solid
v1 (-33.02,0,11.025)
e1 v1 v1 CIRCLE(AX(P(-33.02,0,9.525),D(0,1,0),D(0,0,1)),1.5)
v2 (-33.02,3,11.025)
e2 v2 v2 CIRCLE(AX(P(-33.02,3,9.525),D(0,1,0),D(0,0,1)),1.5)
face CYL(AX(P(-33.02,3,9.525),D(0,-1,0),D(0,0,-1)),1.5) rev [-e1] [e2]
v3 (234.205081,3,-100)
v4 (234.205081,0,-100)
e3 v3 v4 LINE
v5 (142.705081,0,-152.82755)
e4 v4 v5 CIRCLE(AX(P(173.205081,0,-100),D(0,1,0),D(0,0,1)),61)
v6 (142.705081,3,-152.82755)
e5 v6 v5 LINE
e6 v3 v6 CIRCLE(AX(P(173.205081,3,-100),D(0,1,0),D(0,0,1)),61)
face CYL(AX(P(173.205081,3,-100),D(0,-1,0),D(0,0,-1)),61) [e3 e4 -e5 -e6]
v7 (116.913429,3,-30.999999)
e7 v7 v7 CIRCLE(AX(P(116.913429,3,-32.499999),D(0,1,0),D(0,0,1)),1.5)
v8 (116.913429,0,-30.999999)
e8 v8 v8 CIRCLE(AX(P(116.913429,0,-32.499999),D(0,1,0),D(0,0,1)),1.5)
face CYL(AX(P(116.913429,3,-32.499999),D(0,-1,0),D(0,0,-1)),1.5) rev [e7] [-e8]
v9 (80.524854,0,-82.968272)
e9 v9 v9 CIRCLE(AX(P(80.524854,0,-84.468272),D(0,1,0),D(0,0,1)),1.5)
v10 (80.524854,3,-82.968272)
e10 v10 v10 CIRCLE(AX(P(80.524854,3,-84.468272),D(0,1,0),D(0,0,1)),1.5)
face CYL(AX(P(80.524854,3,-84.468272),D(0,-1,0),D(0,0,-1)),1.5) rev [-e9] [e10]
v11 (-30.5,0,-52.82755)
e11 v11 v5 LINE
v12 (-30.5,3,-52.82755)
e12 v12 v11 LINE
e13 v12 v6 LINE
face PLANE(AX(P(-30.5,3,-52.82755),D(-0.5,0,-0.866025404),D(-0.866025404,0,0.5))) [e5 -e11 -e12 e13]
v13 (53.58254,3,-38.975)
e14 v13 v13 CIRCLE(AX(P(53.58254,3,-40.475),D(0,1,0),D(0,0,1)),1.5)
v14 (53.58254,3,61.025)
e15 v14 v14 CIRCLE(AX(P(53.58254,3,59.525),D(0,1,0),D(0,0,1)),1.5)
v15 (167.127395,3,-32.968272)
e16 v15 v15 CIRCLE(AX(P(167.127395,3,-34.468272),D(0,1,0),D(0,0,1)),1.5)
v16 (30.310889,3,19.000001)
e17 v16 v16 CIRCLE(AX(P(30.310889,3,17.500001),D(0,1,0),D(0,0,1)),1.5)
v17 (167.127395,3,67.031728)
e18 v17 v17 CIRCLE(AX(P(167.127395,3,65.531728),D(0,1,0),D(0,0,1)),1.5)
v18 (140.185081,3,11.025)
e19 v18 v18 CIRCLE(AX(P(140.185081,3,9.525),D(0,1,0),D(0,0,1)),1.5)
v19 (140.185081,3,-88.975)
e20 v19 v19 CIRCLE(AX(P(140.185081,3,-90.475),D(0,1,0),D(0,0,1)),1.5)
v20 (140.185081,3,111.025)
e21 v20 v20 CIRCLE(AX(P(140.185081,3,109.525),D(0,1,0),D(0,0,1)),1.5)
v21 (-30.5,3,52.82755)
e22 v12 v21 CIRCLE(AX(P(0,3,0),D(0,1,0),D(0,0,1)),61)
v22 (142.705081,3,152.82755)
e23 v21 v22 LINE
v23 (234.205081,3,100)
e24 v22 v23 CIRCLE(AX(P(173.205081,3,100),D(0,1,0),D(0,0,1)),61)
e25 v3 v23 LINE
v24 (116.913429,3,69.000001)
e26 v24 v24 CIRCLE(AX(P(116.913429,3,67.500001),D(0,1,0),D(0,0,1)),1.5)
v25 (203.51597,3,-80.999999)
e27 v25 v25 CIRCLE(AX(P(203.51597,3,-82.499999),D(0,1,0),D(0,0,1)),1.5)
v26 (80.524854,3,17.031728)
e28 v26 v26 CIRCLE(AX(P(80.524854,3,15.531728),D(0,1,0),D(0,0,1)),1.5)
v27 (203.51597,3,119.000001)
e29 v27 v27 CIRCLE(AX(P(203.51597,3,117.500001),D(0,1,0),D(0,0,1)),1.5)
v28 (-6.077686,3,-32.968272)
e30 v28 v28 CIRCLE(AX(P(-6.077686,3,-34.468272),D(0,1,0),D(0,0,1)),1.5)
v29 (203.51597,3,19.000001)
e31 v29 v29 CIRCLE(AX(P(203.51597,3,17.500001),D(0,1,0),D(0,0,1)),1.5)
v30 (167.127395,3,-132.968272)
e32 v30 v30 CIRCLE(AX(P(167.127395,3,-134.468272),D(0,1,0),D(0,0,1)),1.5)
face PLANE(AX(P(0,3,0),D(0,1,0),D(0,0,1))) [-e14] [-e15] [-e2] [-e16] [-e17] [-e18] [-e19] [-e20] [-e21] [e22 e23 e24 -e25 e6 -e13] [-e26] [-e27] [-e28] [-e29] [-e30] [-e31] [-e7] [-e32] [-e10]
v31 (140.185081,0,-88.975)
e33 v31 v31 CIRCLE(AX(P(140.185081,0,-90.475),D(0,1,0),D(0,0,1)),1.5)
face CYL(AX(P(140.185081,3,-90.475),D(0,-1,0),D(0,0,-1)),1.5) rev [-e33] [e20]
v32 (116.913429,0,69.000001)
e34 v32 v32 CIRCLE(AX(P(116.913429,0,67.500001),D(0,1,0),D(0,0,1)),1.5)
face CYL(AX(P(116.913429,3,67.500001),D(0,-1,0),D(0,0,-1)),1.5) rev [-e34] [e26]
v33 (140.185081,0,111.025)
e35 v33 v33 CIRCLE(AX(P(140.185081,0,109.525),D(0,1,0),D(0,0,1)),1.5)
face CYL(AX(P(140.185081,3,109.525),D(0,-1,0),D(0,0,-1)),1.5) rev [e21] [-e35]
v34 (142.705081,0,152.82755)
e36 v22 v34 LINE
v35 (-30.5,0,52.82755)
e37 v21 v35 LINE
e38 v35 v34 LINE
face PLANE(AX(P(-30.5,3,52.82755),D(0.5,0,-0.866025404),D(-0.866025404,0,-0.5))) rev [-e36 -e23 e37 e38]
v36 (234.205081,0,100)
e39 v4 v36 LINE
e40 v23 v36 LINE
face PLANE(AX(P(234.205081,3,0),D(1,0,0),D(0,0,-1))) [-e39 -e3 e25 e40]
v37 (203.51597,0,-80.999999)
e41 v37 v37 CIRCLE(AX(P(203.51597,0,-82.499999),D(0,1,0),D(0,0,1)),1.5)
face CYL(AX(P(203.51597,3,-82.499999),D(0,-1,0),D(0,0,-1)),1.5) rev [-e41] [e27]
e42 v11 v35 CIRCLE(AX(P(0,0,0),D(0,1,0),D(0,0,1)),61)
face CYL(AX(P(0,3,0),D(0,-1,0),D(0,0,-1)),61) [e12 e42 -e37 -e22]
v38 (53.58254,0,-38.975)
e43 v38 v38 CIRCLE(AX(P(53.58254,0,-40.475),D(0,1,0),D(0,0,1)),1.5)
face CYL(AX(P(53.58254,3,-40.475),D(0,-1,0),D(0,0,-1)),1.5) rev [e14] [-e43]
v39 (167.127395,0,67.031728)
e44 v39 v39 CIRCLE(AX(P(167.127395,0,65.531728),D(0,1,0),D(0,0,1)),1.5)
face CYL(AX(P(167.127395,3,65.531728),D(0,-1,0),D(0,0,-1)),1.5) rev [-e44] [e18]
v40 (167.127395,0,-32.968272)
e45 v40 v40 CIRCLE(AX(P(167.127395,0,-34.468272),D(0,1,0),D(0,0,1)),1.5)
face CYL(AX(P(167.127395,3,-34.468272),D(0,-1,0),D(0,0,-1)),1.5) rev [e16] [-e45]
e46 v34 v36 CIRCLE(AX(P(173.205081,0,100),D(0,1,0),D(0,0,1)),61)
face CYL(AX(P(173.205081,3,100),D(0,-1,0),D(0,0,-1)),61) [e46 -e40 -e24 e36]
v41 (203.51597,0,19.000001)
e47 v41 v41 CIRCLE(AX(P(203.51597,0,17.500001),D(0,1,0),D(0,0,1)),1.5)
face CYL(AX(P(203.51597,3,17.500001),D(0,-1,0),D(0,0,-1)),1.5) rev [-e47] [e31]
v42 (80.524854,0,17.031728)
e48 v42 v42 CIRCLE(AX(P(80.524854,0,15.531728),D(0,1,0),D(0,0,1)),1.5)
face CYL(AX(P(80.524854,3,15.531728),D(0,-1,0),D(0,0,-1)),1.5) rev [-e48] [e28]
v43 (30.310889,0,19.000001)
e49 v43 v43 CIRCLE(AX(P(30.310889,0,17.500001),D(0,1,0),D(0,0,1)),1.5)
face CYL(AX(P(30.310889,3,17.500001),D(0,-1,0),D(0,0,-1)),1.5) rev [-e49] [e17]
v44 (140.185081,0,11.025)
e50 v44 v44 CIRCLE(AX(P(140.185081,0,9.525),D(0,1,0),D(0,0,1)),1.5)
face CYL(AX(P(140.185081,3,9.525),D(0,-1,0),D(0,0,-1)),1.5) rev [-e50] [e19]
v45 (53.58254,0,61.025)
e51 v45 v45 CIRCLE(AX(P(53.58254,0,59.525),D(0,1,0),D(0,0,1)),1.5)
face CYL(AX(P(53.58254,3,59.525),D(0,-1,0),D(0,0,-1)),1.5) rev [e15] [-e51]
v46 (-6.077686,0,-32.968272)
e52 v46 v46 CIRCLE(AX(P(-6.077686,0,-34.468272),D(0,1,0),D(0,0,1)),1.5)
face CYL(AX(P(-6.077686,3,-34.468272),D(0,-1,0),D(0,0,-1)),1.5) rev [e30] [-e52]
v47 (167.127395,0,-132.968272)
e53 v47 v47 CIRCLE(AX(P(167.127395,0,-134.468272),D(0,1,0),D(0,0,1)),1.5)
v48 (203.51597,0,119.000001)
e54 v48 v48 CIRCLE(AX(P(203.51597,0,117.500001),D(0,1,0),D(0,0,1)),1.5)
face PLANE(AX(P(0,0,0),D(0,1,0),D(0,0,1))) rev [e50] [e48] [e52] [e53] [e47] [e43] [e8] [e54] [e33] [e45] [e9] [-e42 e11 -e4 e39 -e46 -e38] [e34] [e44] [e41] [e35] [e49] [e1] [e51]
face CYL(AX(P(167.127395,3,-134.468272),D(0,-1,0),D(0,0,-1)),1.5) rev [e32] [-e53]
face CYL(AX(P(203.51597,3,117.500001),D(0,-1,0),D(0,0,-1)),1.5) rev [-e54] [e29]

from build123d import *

# Parameters (mm, degrees)
SKETCH1_R           = 1.5
BOSS_EXTRUDE1_DEPTH = 3


with BuildPart() as part:
    # Sketch1 → Boss-Extrude1 (new body)
    with BuildSketch(Plane(origin=(0, 0, 0), x_dir=(1, 0, 0), z_dir=(0, 1, 0))):
        with BuildLine():
            Line((234.205080757, -100), (234.205080757, 100))
            ThreePointArc((234.205080757, 100), (203.705080757, 152.827549631), (142.705080757, 152.827549631))
            Line((142.705080757, 152.827549631), (-30.5, 52.827549631))
            ThreePointArc((-30.5, 52.827549631), (-61, 0), (-30.5, -52.827549631))
            Line((-30.5, -52.827549631), (142.705080757, -152.827549631))
            ThreePointArc((142.705080757, -152.827549631), (203.705080757, -152.827549631), (234.205080757, -100))
        make_face()
        with Locations((53.582540378, -59.525)):
            Circle(SKETCH1_R, mode=Mode.SUBTRACT)
        with Locations((80.524854378, -15.531728)):
            Circle(SKETCH1_R, mode=Mode.SUBTRACT)
        with Locations((116.913429378, -67.500001)):
            Circle(SKETCH1_R, mode=Mode.SUBTRACT)
        with Locations((53.582540378, 40.475)):
            Circle(SKETCH1_R, mode=Mode.SUBTRACT)
        with Locations((80.524854378, 84.468272)):
            Circle(SKETCH1_R, mode=Mode.SUBTRACT)
        with Locations((116.913429378, 32.499999)):
            Circle(SKETCH1_R, mode=Mode.SUBTRACT)
        with Locations((203.515969757, -17.500001)):
            Circle(SKETCH1_R, mode=Mode.SUBTRACT)
        with Locations((140.185080757, -9.525)):
            Circle(SKETCH1_R, mode=Mode.SUBTRACT)
        with Locations((167.127394757, 34.468272)):
            Circle(SKETCH1_R, mode=Mode.SUBTRACT)
        with Locations((-6.077686, 34.468272)):
            Circle(SKETCH1_R, mode=Mode.SUBTRACT)
        with Locations((-33.02, -9.525)):
            Circle(SKETCH1_R, mode=Mode.SUBTRACT)
        with Locations((30.310889, -17.500001)):
            Circle(SKETCH1_R, mode=Mode.SUBTRACT)
        with Locations((167.127394757, 134.468272)):
            Circle(SKETCH1_R, mode=Mode.SUBTRACT)
        with Locations((140.185080757, 90.475)):
            Circle(SKETCH1_R, mode=Mode.SUBTRACT)
        with Locations((203.515969757, 82.499999)):
            Circle(SKETCH1_R, mode=Mode.SUBTRACT)
        with Locations((167.127394757, -65.531728)):
            Circle(SKETCH1_R, mode=Mode.SUBTRACT)
        with Locations((140.185080757, -109.525)):
            Circle(SKETCH1_R, mode=Mode.SUBTRACT)
        with Locations((203.515969757, -117.500001)):
            Circle(SKETCH1_R, mode=Mode.SUBTRACT)
    extrude(amount=BOSS_EXTRUDE1_DEPTH)


solid = part.part
